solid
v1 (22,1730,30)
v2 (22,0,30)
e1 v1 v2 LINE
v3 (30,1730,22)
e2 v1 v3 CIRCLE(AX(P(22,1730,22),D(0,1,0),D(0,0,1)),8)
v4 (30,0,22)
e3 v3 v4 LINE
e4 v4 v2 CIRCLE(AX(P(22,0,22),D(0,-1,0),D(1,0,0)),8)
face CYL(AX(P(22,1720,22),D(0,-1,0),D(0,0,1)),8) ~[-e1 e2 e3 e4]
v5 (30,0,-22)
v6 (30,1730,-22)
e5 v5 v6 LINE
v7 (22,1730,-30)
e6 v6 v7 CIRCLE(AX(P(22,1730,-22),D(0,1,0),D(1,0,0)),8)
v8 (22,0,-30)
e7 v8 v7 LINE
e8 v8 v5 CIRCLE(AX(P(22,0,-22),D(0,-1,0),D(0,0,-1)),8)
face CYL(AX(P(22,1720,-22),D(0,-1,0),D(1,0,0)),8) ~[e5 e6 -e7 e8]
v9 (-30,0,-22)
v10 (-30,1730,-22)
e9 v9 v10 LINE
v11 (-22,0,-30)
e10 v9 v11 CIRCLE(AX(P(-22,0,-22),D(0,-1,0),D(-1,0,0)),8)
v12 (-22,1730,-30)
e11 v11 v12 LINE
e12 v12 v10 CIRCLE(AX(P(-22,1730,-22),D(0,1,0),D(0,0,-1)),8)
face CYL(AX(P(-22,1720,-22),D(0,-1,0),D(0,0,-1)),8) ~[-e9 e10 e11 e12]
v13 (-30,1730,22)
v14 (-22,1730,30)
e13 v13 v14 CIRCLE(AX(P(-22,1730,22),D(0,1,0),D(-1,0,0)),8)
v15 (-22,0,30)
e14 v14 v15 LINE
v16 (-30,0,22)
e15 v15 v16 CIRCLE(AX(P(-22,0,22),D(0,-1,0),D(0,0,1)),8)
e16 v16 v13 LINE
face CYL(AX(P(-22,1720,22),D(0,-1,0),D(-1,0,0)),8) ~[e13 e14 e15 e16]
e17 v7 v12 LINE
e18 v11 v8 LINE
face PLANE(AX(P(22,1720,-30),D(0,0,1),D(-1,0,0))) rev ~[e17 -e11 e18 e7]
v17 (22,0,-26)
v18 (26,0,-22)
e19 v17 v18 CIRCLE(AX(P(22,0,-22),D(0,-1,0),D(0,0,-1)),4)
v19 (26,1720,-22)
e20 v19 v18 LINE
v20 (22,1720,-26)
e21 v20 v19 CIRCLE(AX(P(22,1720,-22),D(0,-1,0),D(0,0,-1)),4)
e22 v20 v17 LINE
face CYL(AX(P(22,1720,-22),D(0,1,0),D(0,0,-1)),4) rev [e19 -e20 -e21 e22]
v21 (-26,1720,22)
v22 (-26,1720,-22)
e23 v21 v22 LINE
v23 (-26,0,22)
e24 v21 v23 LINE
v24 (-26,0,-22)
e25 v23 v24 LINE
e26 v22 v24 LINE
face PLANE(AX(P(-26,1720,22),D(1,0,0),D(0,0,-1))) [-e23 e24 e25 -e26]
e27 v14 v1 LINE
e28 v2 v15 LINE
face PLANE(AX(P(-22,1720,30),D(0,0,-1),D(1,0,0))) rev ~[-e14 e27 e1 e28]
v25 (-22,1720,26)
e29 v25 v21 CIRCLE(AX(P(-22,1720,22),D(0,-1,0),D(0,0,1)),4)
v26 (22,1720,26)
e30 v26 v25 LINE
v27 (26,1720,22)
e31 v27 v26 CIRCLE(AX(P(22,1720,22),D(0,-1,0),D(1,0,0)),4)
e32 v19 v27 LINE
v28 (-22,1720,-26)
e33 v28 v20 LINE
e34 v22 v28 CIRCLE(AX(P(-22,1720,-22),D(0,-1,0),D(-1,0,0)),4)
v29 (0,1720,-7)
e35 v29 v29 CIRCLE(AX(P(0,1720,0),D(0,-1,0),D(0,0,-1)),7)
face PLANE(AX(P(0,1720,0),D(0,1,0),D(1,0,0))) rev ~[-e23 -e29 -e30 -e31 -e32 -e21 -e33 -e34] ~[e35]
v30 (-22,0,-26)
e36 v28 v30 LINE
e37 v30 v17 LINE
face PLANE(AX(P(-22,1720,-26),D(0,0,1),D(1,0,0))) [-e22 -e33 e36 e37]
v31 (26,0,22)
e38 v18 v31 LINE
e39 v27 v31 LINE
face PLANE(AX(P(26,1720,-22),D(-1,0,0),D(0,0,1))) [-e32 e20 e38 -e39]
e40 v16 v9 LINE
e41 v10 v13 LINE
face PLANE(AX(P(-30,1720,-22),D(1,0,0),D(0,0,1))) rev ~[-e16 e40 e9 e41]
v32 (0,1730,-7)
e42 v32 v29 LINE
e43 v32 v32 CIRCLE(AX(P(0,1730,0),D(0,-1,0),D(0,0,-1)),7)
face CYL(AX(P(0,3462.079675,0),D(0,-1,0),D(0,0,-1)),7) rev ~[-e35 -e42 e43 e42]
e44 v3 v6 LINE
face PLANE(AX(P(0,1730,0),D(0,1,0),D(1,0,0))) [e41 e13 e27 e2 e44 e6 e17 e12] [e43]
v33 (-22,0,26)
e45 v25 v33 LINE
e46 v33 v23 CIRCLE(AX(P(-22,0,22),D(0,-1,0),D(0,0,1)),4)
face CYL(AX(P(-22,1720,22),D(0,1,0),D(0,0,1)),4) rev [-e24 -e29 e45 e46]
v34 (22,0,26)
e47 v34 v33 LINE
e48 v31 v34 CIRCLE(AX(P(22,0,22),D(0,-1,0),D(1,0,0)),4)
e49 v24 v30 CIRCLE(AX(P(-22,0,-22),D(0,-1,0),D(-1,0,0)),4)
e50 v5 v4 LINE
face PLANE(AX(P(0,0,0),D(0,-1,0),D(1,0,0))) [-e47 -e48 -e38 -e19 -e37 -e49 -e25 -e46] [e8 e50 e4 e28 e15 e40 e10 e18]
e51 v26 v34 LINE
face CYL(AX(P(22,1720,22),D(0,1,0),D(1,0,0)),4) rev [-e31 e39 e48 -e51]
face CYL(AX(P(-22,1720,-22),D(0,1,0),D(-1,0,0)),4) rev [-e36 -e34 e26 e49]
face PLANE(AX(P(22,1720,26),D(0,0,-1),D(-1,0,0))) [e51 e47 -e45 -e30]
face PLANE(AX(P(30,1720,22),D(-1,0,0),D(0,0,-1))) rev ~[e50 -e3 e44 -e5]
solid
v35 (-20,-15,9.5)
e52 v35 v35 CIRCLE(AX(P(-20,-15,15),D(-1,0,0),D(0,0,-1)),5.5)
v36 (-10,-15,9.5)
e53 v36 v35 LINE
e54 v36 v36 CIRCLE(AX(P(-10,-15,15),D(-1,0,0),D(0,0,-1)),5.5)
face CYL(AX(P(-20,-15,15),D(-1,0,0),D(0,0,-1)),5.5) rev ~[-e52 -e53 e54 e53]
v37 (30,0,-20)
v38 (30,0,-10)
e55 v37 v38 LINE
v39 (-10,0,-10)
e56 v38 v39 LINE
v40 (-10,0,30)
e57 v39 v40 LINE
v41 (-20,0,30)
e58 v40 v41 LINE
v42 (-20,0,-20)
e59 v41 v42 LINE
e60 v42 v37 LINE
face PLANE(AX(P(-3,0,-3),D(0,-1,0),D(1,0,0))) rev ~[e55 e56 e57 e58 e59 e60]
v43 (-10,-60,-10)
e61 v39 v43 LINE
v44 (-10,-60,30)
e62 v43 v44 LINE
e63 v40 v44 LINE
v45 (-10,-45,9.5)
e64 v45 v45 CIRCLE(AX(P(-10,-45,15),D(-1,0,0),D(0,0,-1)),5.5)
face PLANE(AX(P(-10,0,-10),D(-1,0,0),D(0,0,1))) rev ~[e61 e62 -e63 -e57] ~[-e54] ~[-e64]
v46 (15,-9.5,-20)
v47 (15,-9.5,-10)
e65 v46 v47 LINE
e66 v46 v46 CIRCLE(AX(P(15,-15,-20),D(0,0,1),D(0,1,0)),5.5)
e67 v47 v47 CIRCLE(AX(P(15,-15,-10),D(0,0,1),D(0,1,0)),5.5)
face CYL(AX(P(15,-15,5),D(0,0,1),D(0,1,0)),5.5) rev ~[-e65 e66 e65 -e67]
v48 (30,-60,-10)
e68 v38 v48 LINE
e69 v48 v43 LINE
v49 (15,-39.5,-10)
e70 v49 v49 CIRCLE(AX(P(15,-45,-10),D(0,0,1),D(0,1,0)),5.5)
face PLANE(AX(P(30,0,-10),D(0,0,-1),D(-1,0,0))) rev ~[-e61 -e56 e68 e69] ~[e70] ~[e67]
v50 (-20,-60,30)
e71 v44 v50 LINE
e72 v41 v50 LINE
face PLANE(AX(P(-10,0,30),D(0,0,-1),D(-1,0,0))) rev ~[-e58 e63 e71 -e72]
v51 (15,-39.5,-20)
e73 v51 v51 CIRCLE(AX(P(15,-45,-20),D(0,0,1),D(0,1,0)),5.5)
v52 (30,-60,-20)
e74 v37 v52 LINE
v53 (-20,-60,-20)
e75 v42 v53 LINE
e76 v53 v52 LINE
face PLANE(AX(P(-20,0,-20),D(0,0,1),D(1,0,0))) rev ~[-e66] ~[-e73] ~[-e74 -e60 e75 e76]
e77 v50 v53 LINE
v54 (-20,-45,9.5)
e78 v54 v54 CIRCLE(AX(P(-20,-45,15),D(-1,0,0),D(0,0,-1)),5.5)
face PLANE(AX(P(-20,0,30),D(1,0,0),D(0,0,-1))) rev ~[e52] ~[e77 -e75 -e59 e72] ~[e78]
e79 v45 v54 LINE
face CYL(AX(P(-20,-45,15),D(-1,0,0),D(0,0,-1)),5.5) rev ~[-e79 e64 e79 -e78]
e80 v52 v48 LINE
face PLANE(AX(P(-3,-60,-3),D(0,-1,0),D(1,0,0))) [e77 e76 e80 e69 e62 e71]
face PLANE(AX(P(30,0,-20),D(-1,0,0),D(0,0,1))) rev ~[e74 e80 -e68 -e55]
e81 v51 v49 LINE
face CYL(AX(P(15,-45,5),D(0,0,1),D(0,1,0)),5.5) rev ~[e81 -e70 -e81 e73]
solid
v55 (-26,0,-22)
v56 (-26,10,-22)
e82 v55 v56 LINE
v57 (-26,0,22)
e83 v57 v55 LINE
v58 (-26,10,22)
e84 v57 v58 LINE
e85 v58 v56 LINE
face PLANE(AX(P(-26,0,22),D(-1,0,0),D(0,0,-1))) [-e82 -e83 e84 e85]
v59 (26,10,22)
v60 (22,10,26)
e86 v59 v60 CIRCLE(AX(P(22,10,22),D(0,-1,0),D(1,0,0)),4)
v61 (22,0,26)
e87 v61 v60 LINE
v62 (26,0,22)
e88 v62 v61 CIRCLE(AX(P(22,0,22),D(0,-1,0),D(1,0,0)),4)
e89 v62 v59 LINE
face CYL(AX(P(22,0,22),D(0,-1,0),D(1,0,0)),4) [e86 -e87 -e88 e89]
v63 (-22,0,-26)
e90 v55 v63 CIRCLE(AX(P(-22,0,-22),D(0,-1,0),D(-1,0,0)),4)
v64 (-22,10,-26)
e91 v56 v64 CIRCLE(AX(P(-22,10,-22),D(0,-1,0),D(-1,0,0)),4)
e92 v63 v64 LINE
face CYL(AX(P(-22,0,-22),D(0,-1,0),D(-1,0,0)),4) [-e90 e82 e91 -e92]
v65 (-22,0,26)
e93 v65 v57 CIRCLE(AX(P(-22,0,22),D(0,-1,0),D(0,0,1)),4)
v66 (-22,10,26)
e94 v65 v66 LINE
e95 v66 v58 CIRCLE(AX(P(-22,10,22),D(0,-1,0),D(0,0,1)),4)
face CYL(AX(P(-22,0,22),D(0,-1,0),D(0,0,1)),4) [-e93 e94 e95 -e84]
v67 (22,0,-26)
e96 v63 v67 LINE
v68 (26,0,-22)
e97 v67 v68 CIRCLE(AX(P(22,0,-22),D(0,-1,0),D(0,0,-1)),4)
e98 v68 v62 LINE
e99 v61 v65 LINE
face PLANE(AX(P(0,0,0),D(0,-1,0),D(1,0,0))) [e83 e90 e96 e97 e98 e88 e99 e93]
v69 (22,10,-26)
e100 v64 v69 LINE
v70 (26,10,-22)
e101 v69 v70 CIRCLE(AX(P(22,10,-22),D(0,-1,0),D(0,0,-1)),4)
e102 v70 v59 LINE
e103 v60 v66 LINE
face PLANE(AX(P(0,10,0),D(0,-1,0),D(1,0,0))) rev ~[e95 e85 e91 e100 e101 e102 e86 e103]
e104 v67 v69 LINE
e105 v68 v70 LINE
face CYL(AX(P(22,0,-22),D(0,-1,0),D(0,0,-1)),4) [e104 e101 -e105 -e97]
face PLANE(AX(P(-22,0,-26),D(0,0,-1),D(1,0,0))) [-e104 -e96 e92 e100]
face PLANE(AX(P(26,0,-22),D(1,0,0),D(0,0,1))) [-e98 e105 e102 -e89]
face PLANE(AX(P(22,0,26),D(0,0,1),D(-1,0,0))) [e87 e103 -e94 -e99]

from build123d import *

# Parameters (mm, degrees)
F_60_X_60_X_4_0_1_DEPTH          = 1720
EXTRUDE_1_DEPTH                  = 10
HOLE_WIZARD_M16_1_D              = 14
EXTRUDE_4_DEPTH                  = 10
EXTRUDE_5_DEPTH                  = 60
SKETCH_22_W                      = 5.5
SKETCH_22_H                      = 50
HOLE_WIZARD_11_0_11_1_AT_2_COUNT = 2
HOLE_WIZARD_11_0_11_1_AT_2_PITCH = 30
SKETCH_24_W                      = 5.5
SKETCH_24_H                      = 20
HOLE_WIZARD_11_0_11_2_AT_2_COUNT = 2
HOLE_WIZARD_11_0_11_2_AT_2_PITCH = 30


with BuildPart() as part:
    # Sketch1 → 方管 60 X 60 X 4.0(1) (new body)
    with BuildSketch(Plane.XZ.offset(-1720)):
        with BuildLine():
            Line((-22, -30), (22, -30))
            ThreePointArc((22, -30), (27.656854249, -27.656854249), (30, -22))
            Line((30, -22), (30, 22))
            ThreePointArc((30, 22), (27.656854249, 27.656854249), (22, 30))
            Line((22, 30), (-22, 30))
            ThreePointArc((-22, 30), (-27.656854249, 27.656854249), (-30, 22))
            Line((-30, 22), (-30, -22))
            ThreePointArc((-30, -22), (-27.656854249, -27.656854249), (-22, -30))
        make_face()
        with BuildLine():
            Line((-22, -26), (22, -26))
            ThreePointArc((22, -26), (24.828427125, -24.828427125), (26, -22))
            Line((26, -22), (26, 22))
            ThreePointArc((26, 22), (24.828427125, 24.828427125), (22, 26))
            Line((22, 26), (-22, 26))
            ThreePointArc((-22, 26), (-24.828427125, 24.828427125), (-26, 22))
            Line((-26, 22), (-26, -22))
            ThreePointArc((-26, -22), (-24.828427125, -24.828427125), (-22, -26))
        make_face(mode=Mode.SUBTRACT)
    extrude(amount=F_60_X_60_X_4_0_1_DEPTH)

    # 草图4 → 凸台-拉伸1 (add)
    with BuildSketch(Plane(origin=(0, 1720, 0), x_dir=(1, 0, 0), z_dir=(0, 1, 0))):
        with BuildLine():
            Line((30, -22), (30, 22))
            ThreePointArc((30, 22), (27.656854249, 27.656854249), (22, 30))
            Line((22, 30), (-22, 30))
            ThreePointArc((-22, 30), (-27.656854249, 27.656854249), (-30, 22))
            Line((-30, 22), (-30, -22))
            ThreePointArc((-30, -22), (-27.656854249, -27.656854249), (-22, -30))
            Line((-22, -30), (22, -30))
            ThreePointArc((22, -30), (27.656854249, -27.656854249), (30, -22))
        make_face()
    extrude(amount=EXTRUDE_1_DEPTH)

    # M16 螺纹孔1 (through all)
    with Locations(Plane.ZX.offset(1730)):
        with Locations((0, 0)):
            Hole(HOLE_WIZARD_M16_1_D / 2)


with BuildPart() as body_2:
    # 草图15 → 凸台-拉伸4 (new body)
    with BuildSketch(Plane.XZ):
        with BuildLine():
            Line((-26, 22), (-26, -22))
            ThreePointArc((-26, -22), (-24.828427125, -24.828427125), (-22, -26))
            Line((-22, -26), (22, -26))
            ThreePointArc((22, -26), (24.828427125, -24.828427125), (26, -22))
            Line((26, -22), (26, 22))
            ThreePointArc((26, 22), (24.828427125, 24.828427125), (22, 26))
            Line((22, 26), (-22, 26))
            ThreePointArc((-22, 26), (-24.828427125, 24.828427125), (-26, 22))
        make_face()
    extrude(amount=-EXTRUDE_4_DEPTH)


with BuildPart() as body_3:
    # 草图19 → 凸台-拉伸5 (new body)
    with BuildSketch(Plane.XZ):
        Polygon((-20, 30), (-20, -20), (30, -20), (30, -10), (-10, -10), (-10, 30), align=None)
    extrude(amount=EXTRUDE_5_DEPTH)

    # 草图22 → Ø11.0 (11) 直径孔1 (revolve, cut)
    with BuildSketch(Plane(origin=(15, -15, -20), x_dir=(0, 1, 0), z_dir=(1, 0, 0))):
        with Locations((2.75, 25)):
            Rectangle(SKETCH_22_W, SKETCH_22_H)
    hole_wizard_11_0_11_1 = revolve(axis=Axis((15, -15, -26.35), (0, 0, 1)), mode=Mode.SUBTRACT)

    # Ø11.0 (11) 直径孔1 at 2: Ø11.0 (11) 直径孔1 ×2
    with Locations(*[(0, -i * HOLE_WIZARD_11_0_11_1_AT_2_PITCH, 0) for i in range(1, HOLE_WIZARD_11_0_11_1_AT_2_COUNT)]):
        add(hole_wizard_11_0_11_1, mode=Mode.SUBTRACT)

    # 草图24 → Ø11.0 (11) 直径孔2 (revolve, cut)
    with BuildSketch(Plane(origin=(-10, -45, 15), x_dir=(0, 0, -1), z_dir=(0, 1, 0))):
        with Locations((2.75, 10)):
            Rectangle(SKETCH_24_W, SKETCH_24_H)
    hole_wizard_11_0_11_2 = revolve(axis=Axis((-3.65, -45, 15), (-1, 0, 0)), mode=Mode.SUBTRACT)

    # Ø11.0 (11) 直径孔2 at 2: Ø11.0 (11) 直径孔2 ×2
    with Locations(*[(0, i * HOLE_WIZARD_11_0_11_2_AT_2_PITCH, 0) for i in range(1, HOLE_WIZARD_11_0_11_2_AT_2_COUNT)]):
        add(hole_wizard_11_0_11_2, mode=Mode.SUBTRACT)


solid = Compound([part.part, body_2.part, body_3.part])
